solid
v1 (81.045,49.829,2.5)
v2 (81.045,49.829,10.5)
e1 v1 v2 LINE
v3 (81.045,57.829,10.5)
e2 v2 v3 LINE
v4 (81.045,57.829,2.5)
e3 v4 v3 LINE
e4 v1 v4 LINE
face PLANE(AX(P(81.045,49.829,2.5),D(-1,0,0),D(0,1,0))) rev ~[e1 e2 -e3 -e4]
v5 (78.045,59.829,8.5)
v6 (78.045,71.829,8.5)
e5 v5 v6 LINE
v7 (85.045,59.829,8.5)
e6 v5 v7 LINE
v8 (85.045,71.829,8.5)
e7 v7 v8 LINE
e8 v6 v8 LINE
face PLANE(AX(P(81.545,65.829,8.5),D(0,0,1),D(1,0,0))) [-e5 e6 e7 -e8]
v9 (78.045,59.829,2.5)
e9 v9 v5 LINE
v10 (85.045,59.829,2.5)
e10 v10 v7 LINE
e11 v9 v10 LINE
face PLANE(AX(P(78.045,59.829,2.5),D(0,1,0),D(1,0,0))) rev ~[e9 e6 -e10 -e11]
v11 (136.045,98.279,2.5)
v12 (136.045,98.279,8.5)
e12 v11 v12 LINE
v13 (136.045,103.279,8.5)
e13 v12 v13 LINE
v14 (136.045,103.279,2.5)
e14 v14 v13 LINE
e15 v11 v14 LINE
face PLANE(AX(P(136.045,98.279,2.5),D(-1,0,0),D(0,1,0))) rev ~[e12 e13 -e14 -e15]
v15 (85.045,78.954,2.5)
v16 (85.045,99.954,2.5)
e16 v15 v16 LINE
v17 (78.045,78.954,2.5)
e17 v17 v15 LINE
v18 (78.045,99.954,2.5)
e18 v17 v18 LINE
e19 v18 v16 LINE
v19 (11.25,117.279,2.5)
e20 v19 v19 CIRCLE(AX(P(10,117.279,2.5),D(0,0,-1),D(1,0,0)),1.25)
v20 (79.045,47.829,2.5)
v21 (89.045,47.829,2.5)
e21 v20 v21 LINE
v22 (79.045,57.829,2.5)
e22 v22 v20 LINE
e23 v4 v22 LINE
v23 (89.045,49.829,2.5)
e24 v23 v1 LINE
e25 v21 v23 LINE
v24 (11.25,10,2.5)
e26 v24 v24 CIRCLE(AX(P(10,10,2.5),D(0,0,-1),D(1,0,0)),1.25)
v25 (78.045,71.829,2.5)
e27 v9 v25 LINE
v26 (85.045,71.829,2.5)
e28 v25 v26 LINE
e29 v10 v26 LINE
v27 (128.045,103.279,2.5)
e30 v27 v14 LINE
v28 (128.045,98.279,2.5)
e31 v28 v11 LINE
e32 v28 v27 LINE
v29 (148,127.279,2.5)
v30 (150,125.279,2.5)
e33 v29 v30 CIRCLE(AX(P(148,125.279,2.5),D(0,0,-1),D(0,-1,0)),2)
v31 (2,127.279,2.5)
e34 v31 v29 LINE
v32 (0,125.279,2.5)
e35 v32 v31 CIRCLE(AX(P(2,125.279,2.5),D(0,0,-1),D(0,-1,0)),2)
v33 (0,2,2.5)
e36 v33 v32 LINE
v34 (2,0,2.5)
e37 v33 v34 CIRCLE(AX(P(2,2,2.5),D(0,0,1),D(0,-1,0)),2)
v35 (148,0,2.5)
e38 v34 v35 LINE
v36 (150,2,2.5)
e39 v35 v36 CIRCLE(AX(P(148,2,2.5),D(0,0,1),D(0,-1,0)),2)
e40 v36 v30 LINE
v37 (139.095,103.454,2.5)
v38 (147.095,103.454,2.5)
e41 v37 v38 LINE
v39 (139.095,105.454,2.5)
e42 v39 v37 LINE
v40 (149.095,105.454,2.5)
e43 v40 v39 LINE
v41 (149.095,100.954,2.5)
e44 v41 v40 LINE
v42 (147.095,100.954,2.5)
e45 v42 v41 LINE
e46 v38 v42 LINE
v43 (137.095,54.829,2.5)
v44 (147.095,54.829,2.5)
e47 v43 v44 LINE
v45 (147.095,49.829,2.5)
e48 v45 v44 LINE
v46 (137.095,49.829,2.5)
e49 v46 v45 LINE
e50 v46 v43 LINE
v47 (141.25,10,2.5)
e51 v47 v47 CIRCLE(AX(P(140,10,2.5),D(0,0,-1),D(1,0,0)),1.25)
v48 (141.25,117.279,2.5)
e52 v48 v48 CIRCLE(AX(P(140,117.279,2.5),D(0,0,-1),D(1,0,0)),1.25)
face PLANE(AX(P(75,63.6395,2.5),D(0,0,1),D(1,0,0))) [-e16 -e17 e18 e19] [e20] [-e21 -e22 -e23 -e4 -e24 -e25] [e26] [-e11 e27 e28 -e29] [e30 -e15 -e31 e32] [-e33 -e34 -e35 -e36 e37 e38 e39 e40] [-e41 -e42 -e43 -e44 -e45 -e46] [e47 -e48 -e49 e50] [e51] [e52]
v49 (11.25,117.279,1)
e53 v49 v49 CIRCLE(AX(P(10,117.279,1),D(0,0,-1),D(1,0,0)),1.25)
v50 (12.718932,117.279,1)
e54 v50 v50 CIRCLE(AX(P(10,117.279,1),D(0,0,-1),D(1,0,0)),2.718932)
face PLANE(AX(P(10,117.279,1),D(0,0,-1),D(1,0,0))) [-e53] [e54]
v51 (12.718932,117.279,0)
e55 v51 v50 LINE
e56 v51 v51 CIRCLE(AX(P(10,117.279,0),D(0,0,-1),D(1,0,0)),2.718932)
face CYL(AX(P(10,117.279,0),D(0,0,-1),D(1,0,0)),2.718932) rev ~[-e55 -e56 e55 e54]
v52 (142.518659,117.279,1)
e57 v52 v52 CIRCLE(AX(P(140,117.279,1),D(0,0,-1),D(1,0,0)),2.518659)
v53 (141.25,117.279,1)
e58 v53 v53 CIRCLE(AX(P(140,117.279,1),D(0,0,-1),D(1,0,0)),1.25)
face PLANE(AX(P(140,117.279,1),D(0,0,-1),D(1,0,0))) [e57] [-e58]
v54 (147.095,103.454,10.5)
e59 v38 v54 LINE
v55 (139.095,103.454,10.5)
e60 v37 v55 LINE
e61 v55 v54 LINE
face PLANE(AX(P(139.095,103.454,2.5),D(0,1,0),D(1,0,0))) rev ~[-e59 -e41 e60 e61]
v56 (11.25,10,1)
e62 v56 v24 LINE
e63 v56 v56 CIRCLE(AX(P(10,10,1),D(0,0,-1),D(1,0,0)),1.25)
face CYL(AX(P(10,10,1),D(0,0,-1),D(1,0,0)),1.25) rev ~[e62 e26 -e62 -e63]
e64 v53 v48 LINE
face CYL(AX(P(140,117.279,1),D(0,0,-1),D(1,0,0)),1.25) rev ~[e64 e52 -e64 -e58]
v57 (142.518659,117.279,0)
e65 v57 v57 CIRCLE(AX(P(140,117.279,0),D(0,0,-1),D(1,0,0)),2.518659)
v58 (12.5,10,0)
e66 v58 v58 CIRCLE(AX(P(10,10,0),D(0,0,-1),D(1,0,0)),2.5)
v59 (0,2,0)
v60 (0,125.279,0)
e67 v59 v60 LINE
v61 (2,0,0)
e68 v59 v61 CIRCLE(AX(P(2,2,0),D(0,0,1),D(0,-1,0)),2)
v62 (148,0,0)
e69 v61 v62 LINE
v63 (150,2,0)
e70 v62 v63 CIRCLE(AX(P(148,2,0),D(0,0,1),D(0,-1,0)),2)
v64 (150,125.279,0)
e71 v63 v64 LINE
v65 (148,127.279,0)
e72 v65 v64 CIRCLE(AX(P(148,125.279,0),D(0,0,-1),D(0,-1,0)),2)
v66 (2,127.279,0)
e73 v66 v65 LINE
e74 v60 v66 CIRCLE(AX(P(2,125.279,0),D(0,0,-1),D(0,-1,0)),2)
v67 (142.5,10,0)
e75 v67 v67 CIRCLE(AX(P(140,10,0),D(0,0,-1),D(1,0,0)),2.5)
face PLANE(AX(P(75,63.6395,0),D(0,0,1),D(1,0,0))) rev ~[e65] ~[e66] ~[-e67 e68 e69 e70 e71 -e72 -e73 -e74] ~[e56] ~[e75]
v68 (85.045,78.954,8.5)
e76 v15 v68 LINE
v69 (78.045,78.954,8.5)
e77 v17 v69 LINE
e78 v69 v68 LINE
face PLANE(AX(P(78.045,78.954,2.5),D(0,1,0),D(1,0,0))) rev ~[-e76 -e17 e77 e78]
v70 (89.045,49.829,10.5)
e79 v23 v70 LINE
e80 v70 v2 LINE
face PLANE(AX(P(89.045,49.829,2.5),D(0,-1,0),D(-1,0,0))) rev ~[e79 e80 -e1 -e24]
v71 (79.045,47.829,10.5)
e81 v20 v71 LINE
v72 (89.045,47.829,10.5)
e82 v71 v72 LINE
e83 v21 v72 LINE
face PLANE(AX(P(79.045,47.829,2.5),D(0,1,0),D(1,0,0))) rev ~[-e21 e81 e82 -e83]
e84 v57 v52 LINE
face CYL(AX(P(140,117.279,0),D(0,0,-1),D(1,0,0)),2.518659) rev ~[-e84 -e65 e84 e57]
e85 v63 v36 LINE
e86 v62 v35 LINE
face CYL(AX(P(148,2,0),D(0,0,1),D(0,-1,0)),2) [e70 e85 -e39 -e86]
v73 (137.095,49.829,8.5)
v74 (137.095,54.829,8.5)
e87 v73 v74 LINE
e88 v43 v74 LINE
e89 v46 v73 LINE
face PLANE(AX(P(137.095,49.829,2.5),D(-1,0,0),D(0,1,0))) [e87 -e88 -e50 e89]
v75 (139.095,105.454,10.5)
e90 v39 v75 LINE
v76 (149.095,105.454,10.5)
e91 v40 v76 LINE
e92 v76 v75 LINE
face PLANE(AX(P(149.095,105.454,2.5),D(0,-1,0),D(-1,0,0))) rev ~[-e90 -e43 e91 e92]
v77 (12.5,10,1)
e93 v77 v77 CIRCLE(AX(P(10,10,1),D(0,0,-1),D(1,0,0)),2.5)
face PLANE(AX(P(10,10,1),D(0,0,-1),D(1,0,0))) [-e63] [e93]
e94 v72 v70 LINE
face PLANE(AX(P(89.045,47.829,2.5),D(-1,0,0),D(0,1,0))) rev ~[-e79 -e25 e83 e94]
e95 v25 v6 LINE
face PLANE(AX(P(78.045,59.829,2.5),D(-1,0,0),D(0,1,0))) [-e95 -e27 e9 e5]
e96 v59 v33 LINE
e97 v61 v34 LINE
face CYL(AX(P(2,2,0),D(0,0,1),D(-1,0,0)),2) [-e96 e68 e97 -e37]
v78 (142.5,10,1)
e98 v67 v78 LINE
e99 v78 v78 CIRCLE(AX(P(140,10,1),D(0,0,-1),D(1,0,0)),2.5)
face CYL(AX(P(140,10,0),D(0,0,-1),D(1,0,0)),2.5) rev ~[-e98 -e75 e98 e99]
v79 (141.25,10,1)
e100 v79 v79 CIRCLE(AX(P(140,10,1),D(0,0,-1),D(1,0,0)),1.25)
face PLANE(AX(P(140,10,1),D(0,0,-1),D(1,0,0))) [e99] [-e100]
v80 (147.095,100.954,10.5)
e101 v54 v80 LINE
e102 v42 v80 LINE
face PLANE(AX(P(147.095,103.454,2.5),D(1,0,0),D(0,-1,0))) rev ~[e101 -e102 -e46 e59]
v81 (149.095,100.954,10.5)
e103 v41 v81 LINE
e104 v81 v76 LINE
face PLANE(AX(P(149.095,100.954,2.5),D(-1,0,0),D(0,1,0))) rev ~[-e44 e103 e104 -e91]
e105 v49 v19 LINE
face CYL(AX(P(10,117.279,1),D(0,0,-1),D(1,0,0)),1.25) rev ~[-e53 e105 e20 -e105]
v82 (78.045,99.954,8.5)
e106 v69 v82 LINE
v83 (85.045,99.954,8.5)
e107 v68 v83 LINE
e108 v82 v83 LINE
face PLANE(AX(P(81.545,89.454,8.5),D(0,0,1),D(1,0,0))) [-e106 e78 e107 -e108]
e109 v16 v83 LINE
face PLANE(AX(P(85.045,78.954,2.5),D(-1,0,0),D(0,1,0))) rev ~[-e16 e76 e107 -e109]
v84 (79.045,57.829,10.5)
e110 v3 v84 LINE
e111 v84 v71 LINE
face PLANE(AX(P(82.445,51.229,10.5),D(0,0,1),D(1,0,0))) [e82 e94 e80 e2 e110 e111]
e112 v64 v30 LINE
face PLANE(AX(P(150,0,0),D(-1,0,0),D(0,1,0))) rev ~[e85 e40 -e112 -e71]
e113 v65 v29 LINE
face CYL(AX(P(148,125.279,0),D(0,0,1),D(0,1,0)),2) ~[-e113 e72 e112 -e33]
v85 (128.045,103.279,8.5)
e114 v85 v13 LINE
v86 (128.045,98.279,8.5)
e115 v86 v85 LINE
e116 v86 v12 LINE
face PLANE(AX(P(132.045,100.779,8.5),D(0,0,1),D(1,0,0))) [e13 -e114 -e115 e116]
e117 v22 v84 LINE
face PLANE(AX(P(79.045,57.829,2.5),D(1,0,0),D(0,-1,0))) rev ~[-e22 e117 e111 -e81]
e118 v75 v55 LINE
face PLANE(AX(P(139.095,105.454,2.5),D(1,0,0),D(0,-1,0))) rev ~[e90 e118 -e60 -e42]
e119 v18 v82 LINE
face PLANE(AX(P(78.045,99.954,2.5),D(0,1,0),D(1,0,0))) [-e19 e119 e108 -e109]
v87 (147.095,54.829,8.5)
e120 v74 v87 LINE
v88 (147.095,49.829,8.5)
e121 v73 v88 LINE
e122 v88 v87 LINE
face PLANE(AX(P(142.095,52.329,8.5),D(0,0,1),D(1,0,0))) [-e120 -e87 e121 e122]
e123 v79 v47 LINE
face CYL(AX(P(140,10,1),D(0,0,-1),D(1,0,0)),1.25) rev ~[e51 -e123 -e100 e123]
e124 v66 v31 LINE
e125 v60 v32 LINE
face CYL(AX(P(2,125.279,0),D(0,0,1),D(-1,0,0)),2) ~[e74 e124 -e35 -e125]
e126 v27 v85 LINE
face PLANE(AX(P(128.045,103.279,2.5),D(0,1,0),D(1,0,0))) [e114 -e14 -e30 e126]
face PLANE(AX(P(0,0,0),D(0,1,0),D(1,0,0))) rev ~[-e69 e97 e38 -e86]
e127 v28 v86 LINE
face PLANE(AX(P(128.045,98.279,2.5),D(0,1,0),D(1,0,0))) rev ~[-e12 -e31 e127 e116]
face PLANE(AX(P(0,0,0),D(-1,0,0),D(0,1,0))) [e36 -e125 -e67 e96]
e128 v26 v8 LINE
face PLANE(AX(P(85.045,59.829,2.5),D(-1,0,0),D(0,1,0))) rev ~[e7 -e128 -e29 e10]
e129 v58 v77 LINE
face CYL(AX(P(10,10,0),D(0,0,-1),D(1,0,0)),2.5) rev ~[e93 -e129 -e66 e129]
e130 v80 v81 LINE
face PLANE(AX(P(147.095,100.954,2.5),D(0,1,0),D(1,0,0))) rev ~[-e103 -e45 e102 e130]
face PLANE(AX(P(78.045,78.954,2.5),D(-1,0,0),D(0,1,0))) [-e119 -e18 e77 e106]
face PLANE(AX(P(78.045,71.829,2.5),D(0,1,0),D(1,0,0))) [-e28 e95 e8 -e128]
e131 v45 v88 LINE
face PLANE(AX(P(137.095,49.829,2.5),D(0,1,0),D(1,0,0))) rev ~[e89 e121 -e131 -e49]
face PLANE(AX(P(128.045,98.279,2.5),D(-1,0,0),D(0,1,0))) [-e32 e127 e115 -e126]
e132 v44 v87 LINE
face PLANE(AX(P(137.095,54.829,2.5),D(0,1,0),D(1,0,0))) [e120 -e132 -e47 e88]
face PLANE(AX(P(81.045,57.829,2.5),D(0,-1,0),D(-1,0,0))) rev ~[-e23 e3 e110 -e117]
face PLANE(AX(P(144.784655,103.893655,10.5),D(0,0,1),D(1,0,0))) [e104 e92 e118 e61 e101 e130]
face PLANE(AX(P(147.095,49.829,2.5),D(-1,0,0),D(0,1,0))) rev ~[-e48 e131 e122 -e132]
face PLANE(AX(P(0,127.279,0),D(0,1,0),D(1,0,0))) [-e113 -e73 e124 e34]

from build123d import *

# Parameters (mm, degrees)
F0_W      = 150
F0_H      = 127.279
F1_DEPTH  = 2.5
F2_R      = 2.5
F2_R_2    = 2.718932
F2_R_3    = 2.518659
F3_DEPTH  = 1
F4_R      = 1.25
F5_DEPTH  = 1.501
F6_R      = 2
F8_DEPTH  = 8
F9_W      = 7
F9_H      = 12
F9_H_2    = 21
F9_W_2    = 8
F9_H_3    = 5
F10_DEPTH = 6
F11_W     = 10
F11_H     = 5
F12_DEPTH = 6


with BuildPart() as f1:
    # F0 (on Top) → F1 (new body)
    with BuildSketch(Plane.XY):
        with Locations((75, 63.6395)):
            Rectangle(F0_W, F0_H)
    extrude(amount=F1_DEPTH)

    # F2 (on face) → F3 (cut)
    with BuildSketch(Plane(origin=(0, 0, 0), x_dir=(1, 0, 0), z_dir=(0, 0, -1))):
        with Locations((10, -10)):
            Circle(F2_R)
        with Locations((140, -10)):
            Circle(F2_R)
        with Locations((10, -117.279)):
            Circle(F2_R_2)
        with Locations((140, -117.279)):
            Circle(F2_R_3)
    extrude(amount=-F3_DEPTH, mode=Mode.SUBTRACT)

    # F4 (on face) → F5 (cut, through all)
    with BuildSketch(Plane(origin=(0, 0, 1), x_dir=(1, 0, 0), z_dir=(0, 0, -1))):
        with Locations((10, -10)):
            Circle(F4_R)
        with Locations((10, -117.279)):
            Circle(F4_R)
        with Locations((140, -117.279)):
            Circle(F4_R)
        with Locations((140, -10)):
            Circle(F4_R)
    extrude(amount=-F5_DEPTH, mode=Mode.SUBTRACT)

    # F6
    f6_edges = [f1.edges().sort_by_distance(p)[0] for p in [
        (150, 0, 1.25),
        (0, 0, 1.25),
        (150, 127.279, 1.25),
        (0, 127.279, 1.25),
    ]]
    fillet(f6_edges, radius=F6_R)

    # F7 (on face) → F8 (join)
    with BuildSketch(Plane.XY.offset(2.5)):
        Polygon((89.045, 49.829), (81.045, 49.829), (81.045, 57.829), (79.045, 57.829), (79.045, 47.829), (89.045, 47.829), align=None)
        Polygon((139.095, 103.454), (147.095, 103.454), (147.095, 100.954), (149.095, 100.954), (149.095, 105.454), (139.095, 105.454), align=None)
    extrude(amount=F8_DEPTH)

    # F9 (on face) → F10 (join)
    with BuildSketch(Plane.XY.offset(2.5)):
        with Locations((81.545, 65.829)):
            Rectangle(F9_W, F9_H)
        with Locations((81.545, 89.454)):
            Rectangle(F9_W, F9_H_2)
        with Locations((132.045, 100.779)):
            Rectangle(F9_W_2, F9_H_3)
    extrude(amount=F10_DEPTH)

    # F11 (on face) → F12 (join)
    with BuildSketch(Plane.XY.offset(2.5)):
        with Locations((142.095, 52.329)):
            Rectangle(F11_W, F11_H)
    extrude(amount=F12_DEPTH)


solid = f1.part
